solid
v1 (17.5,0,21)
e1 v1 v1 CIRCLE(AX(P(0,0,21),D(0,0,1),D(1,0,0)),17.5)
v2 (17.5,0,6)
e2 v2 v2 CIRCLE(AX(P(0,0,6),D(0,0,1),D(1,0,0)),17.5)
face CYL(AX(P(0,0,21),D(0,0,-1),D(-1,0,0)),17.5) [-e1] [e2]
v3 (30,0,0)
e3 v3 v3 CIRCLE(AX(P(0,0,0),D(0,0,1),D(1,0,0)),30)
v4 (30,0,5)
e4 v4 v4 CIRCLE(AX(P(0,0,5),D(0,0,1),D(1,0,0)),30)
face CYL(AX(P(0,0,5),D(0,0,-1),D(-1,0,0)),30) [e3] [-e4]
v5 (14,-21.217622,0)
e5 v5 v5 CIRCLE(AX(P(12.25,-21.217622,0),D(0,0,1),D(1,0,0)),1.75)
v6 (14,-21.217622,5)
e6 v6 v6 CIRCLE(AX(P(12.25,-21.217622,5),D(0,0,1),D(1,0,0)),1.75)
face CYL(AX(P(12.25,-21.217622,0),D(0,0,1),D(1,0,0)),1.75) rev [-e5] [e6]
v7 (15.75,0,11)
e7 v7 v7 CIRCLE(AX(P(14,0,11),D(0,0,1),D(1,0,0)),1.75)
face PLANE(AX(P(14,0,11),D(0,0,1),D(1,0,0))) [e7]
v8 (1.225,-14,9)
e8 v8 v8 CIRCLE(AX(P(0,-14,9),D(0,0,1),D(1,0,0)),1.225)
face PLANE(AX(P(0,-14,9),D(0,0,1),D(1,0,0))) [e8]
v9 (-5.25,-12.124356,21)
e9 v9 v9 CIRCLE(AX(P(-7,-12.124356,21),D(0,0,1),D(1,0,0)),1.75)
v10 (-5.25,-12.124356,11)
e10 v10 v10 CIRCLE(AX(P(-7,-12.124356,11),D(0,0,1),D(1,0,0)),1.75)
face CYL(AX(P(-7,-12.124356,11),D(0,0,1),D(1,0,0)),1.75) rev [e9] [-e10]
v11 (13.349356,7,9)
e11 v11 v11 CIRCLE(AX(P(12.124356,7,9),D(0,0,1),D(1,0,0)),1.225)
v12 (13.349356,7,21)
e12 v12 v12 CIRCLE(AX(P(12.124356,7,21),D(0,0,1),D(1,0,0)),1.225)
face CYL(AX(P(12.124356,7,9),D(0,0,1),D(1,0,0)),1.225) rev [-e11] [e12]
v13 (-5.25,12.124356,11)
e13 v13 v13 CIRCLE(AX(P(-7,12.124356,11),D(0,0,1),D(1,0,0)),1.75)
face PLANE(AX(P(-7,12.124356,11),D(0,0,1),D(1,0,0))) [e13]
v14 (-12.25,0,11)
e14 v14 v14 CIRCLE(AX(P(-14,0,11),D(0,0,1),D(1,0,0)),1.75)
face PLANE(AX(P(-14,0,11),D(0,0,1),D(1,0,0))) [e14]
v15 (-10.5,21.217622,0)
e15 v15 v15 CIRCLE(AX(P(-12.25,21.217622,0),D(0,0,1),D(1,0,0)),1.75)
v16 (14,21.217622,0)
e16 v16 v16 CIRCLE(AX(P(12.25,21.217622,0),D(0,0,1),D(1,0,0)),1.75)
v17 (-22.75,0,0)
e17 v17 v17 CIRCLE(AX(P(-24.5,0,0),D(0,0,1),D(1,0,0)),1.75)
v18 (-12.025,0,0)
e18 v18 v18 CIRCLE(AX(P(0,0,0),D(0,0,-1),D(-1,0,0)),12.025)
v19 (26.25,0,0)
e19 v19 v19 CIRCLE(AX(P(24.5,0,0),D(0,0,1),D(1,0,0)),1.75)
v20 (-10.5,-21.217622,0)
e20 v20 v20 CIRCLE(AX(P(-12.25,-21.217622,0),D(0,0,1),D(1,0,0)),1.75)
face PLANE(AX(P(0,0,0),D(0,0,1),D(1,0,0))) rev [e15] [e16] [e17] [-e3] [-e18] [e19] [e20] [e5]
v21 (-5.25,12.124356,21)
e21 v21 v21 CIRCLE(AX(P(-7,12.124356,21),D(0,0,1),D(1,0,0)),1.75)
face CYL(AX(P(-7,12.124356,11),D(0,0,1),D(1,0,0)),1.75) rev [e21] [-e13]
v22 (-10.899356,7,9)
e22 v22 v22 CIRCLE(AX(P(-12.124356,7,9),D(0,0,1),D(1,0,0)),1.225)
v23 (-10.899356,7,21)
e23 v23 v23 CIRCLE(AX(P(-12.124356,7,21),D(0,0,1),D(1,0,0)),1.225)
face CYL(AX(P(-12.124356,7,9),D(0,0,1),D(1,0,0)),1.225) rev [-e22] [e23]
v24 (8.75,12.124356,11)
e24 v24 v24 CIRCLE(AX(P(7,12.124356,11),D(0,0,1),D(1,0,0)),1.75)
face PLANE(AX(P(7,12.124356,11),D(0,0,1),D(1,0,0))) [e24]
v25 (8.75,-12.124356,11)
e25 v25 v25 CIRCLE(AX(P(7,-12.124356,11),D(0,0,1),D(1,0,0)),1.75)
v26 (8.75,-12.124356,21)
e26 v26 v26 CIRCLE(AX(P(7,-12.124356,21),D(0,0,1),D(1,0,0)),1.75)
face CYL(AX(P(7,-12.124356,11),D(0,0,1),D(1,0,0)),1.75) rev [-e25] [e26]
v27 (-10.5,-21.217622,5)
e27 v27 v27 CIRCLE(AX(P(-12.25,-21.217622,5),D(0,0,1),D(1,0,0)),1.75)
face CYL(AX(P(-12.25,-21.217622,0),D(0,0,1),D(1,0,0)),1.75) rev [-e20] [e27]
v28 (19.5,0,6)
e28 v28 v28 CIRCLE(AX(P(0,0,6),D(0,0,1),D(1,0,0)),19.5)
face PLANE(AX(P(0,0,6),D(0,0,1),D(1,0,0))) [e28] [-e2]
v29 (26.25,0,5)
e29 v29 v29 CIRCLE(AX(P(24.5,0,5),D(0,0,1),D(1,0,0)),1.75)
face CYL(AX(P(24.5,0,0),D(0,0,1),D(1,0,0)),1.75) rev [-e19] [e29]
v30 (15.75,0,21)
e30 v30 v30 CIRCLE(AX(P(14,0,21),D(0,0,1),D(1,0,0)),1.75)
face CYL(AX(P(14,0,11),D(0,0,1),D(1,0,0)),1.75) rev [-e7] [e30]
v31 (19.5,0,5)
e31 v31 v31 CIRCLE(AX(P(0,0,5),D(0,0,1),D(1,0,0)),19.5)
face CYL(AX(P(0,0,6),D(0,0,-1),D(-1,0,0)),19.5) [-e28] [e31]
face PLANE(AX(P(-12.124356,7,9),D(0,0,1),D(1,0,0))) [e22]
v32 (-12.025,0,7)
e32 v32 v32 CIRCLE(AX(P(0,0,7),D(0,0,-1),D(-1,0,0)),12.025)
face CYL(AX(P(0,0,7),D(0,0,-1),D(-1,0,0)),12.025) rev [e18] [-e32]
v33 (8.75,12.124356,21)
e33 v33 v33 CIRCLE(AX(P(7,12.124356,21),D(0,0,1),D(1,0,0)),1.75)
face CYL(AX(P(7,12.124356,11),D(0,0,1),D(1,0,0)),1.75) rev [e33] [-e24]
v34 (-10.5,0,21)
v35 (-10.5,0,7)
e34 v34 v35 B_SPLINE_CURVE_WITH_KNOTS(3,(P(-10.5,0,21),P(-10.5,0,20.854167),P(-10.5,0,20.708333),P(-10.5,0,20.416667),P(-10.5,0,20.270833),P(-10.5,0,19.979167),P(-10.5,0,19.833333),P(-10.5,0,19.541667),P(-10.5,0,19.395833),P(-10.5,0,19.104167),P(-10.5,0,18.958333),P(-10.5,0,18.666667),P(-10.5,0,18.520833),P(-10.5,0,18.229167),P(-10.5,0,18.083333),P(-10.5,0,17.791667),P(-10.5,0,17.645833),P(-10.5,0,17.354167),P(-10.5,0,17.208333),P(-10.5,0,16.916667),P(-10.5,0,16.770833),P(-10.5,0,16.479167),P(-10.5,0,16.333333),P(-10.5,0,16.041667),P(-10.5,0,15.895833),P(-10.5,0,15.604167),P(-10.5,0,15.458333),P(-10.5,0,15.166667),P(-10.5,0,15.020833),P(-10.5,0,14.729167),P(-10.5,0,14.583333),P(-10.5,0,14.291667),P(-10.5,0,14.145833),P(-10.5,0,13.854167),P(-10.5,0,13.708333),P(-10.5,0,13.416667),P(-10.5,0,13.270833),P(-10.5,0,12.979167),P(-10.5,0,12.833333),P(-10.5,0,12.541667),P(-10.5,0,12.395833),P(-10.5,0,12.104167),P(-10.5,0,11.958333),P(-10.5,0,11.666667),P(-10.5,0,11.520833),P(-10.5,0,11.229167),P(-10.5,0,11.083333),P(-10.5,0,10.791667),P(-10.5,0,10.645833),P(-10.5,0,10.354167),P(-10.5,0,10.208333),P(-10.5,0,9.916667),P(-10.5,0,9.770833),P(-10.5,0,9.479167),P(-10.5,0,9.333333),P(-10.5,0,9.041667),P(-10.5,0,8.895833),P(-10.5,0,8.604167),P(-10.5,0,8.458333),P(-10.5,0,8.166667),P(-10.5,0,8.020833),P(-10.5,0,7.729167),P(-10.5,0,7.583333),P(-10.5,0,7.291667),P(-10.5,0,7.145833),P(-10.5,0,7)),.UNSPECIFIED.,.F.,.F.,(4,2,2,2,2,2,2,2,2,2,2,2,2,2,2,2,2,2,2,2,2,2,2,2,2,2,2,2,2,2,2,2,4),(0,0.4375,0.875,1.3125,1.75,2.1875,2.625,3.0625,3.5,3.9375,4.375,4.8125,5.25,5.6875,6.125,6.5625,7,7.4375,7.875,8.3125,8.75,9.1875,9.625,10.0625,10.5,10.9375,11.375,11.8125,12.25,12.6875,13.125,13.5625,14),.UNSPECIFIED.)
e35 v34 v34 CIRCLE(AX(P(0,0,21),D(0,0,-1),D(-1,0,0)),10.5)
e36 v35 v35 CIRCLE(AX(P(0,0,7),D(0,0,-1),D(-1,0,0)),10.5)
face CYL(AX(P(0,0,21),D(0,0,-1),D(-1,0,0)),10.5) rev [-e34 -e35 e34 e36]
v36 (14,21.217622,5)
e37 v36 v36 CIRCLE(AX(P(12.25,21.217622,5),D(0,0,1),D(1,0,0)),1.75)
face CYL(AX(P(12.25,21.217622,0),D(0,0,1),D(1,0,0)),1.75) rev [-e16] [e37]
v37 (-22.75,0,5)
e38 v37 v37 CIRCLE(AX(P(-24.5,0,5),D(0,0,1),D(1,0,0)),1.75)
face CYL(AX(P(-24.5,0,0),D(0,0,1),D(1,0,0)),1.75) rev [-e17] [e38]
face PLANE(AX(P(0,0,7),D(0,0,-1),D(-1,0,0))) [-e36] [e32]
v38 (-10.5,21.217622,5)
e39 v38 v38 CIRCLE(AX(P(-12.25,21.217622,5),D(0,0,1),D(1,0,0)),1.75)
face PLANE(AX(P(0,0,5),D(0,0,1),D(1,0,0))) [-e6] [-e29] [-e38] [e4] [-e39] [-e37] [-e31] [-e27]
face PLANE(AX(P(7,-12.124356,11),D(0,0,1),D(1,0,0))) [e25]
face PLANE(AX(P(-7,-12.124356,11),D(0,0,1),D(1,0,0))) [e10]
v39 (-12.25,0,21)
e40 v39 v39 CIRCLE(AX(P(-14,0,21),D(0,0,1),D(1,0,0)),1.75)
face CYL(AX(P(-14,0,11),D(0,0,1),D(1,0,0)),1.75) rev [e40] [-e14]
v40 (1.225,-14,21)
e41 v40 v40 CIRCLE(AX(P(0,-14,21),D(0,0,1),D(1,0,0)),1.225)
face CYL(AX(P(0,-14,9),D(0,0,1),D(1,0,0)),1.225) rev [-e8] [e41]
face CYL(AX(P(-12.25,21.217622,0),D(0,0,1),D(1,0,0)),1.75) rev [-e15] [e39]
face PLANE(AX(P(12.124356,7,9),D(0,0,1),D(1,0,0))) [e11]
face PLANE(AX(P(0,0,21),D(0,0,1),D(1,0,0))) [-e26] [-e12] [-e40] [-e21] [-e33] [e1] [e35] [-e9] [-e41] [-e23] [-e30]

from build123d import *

# Parameters (mm, degrees)
SKETCH1_R           = 30
BOSS_EXTRUDE1_DEPTH = 5
SKETCH2_R           = 19.5
BOSS_EXTRUDE2_DEPTH = 1
SKETCH3_R           = 17.5
BOSS_EXTRUDE3_DEPTH = 15
SKETCH4_R           = 12.025
CUT_EXTRUDE1_DEPTH  = 7
SKETCH5_R           = 10.5
CUT_EXTRUDE2_DEPTH  = 45.676615807
SKETCH6_R           = 1.75
CUT_EXTRUDE3_DEPTH  = 46.343136195
SKETCH7_R           = 1.75
CUT_EXTRUDE4_DEPTH  = 10
SKETCH8_R           = 1.225
CUT_EXTRUDE5_DEPTH  = 12


with BuildPart() as part:
    # Sketch1 → Boss-Extrude1 (new body)
    with BuildSketch(Plane.XY):
        Circle(SKETCH1_R)
    extrude(amount=BOSS_EXTRUDE1_DEPTH)

    # Sketch2 → Boss-Extrude2 (add)
    with BuildSketch(Plane.XY.offset(5)):
        Circle(SKETCH2_R)
    extrude(amount=BOSS_EXTRUDE2_DEPTH)

    # Sketch3 → Boss-Extrude3 (add)
    with BuildSketch(Plane.XY.offset(6)):
        Circle(SKETCH3_R)
    extrude(amount=BOSS_EXTRUDE3_DEPTH)

    # Sketch4 → Cut-Extrude1 (cut)
    with BuildSketch(Plane(origin=(0, 0, 0), x_dir=(-1, 0, 0), z_dir=(0, 0, -1))):
        Circle(SKETCH4_R)
    extrude(amount=-CUT_EXTRUDE1_DEPTH, mode=Mode.SUBTRACT)

    # Sketch5 → Cut-Extrude2 (cut, through all)
    with BuildSketch(Plane(origin=(0, 0, 7), x_dir=(-1, 0, 0), z_dir=(0, 0, -1))):
        Circle(SKETCH5_R)
    extrude(amount=-CUT_EXTRUDE2_DEPTH, mode=Mode.SUBTRACT)

    # Sketch6 → Cut-Extrude3 (cut, through all)
    with BuildSketch(Plane.XY.offset(5)):
        with Locations((24.5, 0)):
            Circle(SKETCH6_R)
        with Locations((12.25, -21.217622393)):
            Circle(SKETCH6_R)
        with Locations((-12.25, -21.217622393)):
            Circle(SKETCH6_R)
        with Locations((-24.5, 0)):
            Circle(SKETCH6_R)
        with Locations((-12.25, 21.217622393)):
            Circle(SKETCH6_R)
        with Locations((12.25, 21.217622393)):
            Circle(SKETCH6_R)
    extrude(amount=-CUT_EXTRUDE3_DEPTH, mode=Mode.SUBTRACT)

    # Sketch7 → Cut-Extrude4 (cut)
    with BuildSketch(Plane.XY.offset(21)):
        with Locations((14, 0)):
            Circle(SKETCH7_R)
        with Locations((7, -12.124355653)):
            Circle(SKETCH7_R)
        with Locations((-7, -12.124355653)):
            Circle(SKETCH7_R)
        with Locations((-14, 0)):
            Circle(SKETCH7_R)
        with Locations((-7, 12.124355653)):
            Circle(SKETCH7_R)
        with Locations((7, 12.124355653)):
            Circle(SKETCH7_R)
    extrude(amount=-CUT_EXTRUDE4_DEPTH, mode=Mode.SUBTRACT)

    # Sketch8 → Cut-Extrude5 (cut)
    with BuildSketch(Plane.XY.offset(21)):
        with Locations((12.124355653, 7)):
            Circle(SKETCH8_R)
        with Locations((0, -14)):
            Circle(SKETCH8_R)
        with Locations((-12.124355653, 7)):
            Circle(SKETCH8_R)
    extrude(amount=-CUT_EXTRUDE5_DEPTH, mode=Mode.SUBTRACT)


solid = part.part
